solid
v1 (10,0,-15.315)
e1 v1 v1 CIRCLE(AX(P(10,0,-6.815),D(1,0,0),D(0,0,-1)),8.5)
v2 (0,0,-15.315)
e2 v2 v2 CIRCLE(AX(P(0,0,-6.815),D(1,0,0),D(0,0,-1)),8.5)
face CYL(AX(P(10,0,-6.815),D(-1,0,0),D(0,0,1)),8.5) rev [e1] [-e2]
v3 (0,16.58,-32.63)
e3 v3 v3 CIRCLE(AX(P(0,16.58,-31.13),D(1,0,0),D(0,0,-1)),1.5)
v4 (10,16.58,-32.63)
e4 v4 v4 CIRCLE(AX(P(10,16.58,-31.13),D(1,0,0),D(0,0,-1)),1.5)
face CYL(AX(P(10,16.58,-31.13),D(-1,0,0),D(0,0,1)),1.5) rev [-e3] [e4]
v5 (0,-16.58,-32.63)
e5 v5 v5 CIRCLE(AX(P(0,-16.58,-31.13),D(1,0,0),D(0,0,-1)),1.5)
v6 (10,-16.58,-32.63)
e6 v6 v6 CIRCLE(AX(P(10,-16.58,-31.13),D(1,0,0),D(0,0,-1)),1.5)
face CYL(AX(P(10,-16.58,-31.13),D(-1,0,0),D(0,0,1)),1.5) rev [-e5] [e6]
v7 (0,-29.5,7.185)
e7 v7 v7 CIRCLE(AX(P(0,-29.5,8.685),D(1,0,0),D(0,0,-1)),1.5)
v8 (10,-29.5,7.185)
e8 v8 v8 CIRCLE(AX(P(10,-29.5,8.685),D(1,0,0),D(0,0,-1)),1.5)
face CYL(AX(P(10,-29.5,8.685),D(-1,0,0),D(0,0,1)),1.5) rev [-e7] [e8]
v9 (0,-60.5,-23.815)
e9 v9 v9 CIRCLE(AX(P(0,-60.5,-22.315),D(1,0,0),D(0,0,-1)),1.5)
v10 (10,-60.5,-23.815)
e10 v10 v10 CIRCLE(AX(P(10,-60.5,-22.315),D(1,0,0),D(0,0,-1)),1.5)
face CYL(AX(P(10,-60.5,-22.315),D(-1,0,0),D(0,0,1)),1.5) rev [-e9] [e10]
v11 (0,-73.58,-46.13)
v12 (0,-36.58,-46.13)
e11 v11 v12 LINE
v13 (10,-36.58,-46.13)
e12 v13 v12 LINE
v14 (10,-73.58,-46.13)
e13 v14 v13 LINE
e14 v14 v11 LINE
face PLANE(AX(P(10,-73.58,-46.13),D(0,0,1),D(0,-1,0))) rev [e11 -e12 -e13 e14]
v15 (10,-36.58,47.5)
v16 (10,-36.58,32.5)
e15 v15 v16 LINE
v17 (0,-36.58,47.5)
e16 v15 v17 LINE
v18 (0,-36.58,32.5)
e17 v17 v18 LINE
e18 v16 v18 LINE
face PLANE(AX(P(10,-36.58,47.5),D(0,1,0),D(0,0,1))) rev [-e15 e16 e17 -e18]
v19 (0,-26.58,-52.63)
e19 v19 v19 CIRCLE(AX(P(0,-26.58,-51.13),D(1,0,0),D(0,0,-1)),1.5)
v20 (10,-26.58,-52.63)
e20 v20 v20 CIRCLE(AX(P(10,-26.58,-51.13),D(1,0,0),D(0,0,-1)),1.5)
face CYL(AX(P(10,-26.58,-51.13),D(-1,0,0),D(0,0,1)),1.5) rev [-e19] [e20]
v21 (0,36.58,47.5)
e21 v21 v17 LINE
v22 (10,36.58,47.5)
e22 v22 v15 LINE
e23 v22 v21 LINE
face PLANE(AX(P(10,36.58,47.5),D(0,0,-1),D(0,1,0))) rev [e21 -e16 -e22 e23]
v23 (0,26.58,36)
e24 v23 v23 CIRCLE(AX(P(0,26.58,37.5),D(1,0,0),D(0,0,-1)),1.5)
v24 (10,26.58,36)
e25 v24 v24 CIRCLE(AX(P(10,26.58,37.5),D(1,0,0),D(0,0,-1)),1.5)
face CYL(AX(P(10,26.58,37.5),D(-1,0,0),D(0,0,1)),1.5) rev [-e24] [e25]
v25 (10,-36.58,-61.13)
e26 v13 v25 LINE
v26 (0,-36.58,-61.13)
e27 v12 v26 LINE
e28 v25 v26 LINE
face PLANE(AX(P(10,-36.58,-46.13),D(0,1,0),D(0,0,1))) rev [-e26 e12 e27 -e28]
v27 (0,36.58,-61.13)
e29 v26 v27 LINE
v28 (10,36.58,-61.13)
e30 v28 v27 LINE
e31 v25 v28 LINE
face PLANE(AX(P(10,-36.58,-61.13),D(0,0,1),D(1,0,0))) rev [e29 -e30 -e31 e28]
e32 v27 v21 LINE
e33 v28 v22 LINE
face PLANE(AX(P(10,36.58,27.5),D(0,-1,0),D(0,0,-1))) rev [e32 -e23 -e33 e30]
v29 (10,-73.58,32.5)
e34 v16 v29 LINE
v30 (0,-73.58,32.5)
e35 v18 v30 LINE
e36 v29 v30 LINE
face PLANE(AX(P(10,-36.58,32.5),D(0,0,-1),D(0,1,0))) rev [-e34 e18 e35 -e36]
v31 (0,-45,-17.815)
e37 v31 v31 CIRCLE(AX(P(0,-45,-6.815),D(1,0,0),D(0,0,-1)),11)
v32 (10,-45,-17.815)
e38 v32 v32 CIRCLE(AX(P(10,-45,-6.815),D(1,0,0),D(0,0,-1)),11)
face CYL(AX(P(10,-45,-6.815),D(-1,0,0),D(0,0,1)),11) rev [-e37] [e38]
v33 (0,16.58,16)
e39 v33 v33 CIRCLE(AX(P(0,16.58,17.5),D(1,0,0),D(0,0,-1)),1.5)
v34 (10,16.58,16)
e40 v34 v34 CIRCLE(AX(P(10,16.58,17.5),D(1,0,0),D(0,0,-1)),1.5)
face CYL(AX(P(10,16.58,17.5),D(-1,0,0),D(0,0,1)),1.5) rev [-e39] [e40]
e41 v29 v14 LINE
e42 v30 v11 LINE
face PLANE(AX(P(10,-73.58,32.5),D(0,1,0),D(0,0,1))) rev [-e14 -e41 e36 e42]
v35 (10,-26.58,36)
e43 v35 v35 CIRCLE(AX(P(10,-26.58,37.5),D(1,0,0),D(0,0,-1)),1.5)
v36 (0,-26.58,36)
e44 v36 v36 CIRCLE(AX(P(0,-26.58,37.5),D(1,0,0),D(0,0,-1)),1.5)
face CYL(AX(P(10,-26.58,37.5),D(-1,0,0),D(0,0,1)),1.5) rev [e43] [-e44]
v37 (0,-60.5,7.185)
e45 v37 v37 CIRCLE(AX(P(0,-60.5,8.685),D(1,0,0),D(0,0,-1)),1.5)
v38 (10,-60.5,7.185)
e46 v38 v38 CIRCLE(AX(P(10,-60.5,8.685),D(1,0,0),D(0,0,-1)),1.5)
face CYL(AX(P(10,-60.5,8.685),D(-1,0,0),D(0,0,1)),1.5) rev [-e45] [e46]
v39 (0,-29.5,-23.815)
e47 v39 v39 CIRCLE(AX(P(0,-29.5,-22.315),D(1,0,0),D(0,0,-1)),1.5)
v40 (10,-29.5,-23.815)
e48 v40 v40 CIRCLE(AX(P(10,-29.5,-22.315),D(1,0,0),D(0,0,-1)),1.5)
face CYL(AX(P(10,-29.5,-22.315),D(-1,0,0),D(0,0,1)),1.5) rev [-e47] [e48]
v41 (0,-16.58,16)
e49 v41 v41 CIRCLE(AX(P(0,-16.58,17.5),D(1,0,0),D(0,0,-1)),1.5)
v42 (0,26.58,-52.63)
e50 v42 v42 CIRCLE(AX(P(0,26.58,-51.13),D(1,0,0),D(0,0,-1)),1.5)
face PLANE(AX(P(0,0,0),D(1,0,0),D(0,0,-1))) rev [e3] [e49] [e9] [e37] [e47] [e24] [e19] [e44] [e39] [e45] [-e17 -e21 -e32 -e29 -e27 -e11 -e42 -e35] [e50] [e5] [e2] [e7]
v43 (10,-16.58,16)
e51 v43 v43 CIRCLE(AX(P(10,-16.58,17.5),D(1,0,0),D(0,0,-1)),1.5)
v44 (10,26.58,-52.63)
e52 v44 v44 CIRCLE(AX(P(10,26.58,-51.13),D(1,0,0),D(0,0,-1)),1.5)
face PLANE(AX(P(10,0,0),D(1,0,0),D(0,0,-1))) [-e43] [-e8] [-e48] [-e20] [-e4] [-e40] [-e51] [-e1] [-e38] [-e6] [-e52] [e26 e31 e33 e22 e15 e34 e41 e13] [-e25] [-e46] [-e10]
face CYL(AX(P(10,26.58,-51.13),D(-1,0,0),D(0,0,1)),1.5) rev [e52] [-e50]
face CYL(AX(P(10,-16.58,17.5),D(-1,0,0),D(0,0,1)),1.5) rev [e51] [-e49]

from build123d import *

# Parameters (mm, degrees)
SKETCH_1_R      = 1.5
SKETCH_1_R_2    = 8.5
SKETCH_1_R_3    = 11
EXTRUDE_1_DEPTH = 10


with BuildPart() as part:
    # 草图1 → 凸台-拉伸1 (new body)
    with BuildSketch(Plane(origin=(0, 0, 0), x_dir=(0, 0, -1), z_dir=(1, 0, 0))):
        Polygon((-27.5, 36.58), (-47.5, 36.58), (-47.5, -36.58), (-32.5, -36.58), (-32.5, -73.58), (46.13, -73.58), (46.13, -36.58), (61.13, -36.58), (61.13, 36.58), align=None)
        with Locations((-8.685, -29.5)):
            Circle(SKETCH_1_R, mode=Mode.SUBTRACT)
        with Locations((-37.5, 26.58)):
            Circle(SKETCH_1_R, mode=Mode.SUBTRACT)
        with Locations((-17.5, 16.58)):
            Circle(SKETCH_1_R, mode=Mode.SUBTRACT)
        with Locations((31.13, 16.58)):
            Circle(SKETCH_1_R, mode=Mode.SUBTRACT)
        with Locations((51.13, 26.58)):
            Circle(SKETCH_1_R, mode=Mode.SUBTRACT)
        with Locations((-37.5, -26.58)):
            Circle(SKETCH_1_R, mode=Mode.SUBTRACT)
        with Locations((-17.5, -16.58)):
            Circle(SKETCH_1_R, mode=Mode.SUBTRACT)
        with Locations((31.13, -16.58)):
            Circle(SKETCH_1_R, mode=Mode.SUBTRACT)
        with Locations((51.13, -26.58)):
            Circle(SKETCH_1_R, mode=Mode.SUBTRACT)
        with Locations((22.315, -29.5)):
            Circle(SKETCH_1_R, mode=Mode.SUBTRACT)
        with Locations((-8.685, -60.5)):
            Circle(SKETCH_1_R, mode=Mode.SUBTRACT)
        with Locations((22.315, -60.5)):
            Circle(SKETCH_1_R, mode=Mode.SUBTRACT)
        with Locations((6.815, 0)):
            Circle(SKETCH_1_R_2, mode=Mode.SUBTRACT)
        with Locations((6.815, -45)):
            Circle(SKETCH_1_R_3, mode=Mode.SUBTRACT)
    extrude(amount=EXTRUDE_1_DEPTH)


solid = part.part
